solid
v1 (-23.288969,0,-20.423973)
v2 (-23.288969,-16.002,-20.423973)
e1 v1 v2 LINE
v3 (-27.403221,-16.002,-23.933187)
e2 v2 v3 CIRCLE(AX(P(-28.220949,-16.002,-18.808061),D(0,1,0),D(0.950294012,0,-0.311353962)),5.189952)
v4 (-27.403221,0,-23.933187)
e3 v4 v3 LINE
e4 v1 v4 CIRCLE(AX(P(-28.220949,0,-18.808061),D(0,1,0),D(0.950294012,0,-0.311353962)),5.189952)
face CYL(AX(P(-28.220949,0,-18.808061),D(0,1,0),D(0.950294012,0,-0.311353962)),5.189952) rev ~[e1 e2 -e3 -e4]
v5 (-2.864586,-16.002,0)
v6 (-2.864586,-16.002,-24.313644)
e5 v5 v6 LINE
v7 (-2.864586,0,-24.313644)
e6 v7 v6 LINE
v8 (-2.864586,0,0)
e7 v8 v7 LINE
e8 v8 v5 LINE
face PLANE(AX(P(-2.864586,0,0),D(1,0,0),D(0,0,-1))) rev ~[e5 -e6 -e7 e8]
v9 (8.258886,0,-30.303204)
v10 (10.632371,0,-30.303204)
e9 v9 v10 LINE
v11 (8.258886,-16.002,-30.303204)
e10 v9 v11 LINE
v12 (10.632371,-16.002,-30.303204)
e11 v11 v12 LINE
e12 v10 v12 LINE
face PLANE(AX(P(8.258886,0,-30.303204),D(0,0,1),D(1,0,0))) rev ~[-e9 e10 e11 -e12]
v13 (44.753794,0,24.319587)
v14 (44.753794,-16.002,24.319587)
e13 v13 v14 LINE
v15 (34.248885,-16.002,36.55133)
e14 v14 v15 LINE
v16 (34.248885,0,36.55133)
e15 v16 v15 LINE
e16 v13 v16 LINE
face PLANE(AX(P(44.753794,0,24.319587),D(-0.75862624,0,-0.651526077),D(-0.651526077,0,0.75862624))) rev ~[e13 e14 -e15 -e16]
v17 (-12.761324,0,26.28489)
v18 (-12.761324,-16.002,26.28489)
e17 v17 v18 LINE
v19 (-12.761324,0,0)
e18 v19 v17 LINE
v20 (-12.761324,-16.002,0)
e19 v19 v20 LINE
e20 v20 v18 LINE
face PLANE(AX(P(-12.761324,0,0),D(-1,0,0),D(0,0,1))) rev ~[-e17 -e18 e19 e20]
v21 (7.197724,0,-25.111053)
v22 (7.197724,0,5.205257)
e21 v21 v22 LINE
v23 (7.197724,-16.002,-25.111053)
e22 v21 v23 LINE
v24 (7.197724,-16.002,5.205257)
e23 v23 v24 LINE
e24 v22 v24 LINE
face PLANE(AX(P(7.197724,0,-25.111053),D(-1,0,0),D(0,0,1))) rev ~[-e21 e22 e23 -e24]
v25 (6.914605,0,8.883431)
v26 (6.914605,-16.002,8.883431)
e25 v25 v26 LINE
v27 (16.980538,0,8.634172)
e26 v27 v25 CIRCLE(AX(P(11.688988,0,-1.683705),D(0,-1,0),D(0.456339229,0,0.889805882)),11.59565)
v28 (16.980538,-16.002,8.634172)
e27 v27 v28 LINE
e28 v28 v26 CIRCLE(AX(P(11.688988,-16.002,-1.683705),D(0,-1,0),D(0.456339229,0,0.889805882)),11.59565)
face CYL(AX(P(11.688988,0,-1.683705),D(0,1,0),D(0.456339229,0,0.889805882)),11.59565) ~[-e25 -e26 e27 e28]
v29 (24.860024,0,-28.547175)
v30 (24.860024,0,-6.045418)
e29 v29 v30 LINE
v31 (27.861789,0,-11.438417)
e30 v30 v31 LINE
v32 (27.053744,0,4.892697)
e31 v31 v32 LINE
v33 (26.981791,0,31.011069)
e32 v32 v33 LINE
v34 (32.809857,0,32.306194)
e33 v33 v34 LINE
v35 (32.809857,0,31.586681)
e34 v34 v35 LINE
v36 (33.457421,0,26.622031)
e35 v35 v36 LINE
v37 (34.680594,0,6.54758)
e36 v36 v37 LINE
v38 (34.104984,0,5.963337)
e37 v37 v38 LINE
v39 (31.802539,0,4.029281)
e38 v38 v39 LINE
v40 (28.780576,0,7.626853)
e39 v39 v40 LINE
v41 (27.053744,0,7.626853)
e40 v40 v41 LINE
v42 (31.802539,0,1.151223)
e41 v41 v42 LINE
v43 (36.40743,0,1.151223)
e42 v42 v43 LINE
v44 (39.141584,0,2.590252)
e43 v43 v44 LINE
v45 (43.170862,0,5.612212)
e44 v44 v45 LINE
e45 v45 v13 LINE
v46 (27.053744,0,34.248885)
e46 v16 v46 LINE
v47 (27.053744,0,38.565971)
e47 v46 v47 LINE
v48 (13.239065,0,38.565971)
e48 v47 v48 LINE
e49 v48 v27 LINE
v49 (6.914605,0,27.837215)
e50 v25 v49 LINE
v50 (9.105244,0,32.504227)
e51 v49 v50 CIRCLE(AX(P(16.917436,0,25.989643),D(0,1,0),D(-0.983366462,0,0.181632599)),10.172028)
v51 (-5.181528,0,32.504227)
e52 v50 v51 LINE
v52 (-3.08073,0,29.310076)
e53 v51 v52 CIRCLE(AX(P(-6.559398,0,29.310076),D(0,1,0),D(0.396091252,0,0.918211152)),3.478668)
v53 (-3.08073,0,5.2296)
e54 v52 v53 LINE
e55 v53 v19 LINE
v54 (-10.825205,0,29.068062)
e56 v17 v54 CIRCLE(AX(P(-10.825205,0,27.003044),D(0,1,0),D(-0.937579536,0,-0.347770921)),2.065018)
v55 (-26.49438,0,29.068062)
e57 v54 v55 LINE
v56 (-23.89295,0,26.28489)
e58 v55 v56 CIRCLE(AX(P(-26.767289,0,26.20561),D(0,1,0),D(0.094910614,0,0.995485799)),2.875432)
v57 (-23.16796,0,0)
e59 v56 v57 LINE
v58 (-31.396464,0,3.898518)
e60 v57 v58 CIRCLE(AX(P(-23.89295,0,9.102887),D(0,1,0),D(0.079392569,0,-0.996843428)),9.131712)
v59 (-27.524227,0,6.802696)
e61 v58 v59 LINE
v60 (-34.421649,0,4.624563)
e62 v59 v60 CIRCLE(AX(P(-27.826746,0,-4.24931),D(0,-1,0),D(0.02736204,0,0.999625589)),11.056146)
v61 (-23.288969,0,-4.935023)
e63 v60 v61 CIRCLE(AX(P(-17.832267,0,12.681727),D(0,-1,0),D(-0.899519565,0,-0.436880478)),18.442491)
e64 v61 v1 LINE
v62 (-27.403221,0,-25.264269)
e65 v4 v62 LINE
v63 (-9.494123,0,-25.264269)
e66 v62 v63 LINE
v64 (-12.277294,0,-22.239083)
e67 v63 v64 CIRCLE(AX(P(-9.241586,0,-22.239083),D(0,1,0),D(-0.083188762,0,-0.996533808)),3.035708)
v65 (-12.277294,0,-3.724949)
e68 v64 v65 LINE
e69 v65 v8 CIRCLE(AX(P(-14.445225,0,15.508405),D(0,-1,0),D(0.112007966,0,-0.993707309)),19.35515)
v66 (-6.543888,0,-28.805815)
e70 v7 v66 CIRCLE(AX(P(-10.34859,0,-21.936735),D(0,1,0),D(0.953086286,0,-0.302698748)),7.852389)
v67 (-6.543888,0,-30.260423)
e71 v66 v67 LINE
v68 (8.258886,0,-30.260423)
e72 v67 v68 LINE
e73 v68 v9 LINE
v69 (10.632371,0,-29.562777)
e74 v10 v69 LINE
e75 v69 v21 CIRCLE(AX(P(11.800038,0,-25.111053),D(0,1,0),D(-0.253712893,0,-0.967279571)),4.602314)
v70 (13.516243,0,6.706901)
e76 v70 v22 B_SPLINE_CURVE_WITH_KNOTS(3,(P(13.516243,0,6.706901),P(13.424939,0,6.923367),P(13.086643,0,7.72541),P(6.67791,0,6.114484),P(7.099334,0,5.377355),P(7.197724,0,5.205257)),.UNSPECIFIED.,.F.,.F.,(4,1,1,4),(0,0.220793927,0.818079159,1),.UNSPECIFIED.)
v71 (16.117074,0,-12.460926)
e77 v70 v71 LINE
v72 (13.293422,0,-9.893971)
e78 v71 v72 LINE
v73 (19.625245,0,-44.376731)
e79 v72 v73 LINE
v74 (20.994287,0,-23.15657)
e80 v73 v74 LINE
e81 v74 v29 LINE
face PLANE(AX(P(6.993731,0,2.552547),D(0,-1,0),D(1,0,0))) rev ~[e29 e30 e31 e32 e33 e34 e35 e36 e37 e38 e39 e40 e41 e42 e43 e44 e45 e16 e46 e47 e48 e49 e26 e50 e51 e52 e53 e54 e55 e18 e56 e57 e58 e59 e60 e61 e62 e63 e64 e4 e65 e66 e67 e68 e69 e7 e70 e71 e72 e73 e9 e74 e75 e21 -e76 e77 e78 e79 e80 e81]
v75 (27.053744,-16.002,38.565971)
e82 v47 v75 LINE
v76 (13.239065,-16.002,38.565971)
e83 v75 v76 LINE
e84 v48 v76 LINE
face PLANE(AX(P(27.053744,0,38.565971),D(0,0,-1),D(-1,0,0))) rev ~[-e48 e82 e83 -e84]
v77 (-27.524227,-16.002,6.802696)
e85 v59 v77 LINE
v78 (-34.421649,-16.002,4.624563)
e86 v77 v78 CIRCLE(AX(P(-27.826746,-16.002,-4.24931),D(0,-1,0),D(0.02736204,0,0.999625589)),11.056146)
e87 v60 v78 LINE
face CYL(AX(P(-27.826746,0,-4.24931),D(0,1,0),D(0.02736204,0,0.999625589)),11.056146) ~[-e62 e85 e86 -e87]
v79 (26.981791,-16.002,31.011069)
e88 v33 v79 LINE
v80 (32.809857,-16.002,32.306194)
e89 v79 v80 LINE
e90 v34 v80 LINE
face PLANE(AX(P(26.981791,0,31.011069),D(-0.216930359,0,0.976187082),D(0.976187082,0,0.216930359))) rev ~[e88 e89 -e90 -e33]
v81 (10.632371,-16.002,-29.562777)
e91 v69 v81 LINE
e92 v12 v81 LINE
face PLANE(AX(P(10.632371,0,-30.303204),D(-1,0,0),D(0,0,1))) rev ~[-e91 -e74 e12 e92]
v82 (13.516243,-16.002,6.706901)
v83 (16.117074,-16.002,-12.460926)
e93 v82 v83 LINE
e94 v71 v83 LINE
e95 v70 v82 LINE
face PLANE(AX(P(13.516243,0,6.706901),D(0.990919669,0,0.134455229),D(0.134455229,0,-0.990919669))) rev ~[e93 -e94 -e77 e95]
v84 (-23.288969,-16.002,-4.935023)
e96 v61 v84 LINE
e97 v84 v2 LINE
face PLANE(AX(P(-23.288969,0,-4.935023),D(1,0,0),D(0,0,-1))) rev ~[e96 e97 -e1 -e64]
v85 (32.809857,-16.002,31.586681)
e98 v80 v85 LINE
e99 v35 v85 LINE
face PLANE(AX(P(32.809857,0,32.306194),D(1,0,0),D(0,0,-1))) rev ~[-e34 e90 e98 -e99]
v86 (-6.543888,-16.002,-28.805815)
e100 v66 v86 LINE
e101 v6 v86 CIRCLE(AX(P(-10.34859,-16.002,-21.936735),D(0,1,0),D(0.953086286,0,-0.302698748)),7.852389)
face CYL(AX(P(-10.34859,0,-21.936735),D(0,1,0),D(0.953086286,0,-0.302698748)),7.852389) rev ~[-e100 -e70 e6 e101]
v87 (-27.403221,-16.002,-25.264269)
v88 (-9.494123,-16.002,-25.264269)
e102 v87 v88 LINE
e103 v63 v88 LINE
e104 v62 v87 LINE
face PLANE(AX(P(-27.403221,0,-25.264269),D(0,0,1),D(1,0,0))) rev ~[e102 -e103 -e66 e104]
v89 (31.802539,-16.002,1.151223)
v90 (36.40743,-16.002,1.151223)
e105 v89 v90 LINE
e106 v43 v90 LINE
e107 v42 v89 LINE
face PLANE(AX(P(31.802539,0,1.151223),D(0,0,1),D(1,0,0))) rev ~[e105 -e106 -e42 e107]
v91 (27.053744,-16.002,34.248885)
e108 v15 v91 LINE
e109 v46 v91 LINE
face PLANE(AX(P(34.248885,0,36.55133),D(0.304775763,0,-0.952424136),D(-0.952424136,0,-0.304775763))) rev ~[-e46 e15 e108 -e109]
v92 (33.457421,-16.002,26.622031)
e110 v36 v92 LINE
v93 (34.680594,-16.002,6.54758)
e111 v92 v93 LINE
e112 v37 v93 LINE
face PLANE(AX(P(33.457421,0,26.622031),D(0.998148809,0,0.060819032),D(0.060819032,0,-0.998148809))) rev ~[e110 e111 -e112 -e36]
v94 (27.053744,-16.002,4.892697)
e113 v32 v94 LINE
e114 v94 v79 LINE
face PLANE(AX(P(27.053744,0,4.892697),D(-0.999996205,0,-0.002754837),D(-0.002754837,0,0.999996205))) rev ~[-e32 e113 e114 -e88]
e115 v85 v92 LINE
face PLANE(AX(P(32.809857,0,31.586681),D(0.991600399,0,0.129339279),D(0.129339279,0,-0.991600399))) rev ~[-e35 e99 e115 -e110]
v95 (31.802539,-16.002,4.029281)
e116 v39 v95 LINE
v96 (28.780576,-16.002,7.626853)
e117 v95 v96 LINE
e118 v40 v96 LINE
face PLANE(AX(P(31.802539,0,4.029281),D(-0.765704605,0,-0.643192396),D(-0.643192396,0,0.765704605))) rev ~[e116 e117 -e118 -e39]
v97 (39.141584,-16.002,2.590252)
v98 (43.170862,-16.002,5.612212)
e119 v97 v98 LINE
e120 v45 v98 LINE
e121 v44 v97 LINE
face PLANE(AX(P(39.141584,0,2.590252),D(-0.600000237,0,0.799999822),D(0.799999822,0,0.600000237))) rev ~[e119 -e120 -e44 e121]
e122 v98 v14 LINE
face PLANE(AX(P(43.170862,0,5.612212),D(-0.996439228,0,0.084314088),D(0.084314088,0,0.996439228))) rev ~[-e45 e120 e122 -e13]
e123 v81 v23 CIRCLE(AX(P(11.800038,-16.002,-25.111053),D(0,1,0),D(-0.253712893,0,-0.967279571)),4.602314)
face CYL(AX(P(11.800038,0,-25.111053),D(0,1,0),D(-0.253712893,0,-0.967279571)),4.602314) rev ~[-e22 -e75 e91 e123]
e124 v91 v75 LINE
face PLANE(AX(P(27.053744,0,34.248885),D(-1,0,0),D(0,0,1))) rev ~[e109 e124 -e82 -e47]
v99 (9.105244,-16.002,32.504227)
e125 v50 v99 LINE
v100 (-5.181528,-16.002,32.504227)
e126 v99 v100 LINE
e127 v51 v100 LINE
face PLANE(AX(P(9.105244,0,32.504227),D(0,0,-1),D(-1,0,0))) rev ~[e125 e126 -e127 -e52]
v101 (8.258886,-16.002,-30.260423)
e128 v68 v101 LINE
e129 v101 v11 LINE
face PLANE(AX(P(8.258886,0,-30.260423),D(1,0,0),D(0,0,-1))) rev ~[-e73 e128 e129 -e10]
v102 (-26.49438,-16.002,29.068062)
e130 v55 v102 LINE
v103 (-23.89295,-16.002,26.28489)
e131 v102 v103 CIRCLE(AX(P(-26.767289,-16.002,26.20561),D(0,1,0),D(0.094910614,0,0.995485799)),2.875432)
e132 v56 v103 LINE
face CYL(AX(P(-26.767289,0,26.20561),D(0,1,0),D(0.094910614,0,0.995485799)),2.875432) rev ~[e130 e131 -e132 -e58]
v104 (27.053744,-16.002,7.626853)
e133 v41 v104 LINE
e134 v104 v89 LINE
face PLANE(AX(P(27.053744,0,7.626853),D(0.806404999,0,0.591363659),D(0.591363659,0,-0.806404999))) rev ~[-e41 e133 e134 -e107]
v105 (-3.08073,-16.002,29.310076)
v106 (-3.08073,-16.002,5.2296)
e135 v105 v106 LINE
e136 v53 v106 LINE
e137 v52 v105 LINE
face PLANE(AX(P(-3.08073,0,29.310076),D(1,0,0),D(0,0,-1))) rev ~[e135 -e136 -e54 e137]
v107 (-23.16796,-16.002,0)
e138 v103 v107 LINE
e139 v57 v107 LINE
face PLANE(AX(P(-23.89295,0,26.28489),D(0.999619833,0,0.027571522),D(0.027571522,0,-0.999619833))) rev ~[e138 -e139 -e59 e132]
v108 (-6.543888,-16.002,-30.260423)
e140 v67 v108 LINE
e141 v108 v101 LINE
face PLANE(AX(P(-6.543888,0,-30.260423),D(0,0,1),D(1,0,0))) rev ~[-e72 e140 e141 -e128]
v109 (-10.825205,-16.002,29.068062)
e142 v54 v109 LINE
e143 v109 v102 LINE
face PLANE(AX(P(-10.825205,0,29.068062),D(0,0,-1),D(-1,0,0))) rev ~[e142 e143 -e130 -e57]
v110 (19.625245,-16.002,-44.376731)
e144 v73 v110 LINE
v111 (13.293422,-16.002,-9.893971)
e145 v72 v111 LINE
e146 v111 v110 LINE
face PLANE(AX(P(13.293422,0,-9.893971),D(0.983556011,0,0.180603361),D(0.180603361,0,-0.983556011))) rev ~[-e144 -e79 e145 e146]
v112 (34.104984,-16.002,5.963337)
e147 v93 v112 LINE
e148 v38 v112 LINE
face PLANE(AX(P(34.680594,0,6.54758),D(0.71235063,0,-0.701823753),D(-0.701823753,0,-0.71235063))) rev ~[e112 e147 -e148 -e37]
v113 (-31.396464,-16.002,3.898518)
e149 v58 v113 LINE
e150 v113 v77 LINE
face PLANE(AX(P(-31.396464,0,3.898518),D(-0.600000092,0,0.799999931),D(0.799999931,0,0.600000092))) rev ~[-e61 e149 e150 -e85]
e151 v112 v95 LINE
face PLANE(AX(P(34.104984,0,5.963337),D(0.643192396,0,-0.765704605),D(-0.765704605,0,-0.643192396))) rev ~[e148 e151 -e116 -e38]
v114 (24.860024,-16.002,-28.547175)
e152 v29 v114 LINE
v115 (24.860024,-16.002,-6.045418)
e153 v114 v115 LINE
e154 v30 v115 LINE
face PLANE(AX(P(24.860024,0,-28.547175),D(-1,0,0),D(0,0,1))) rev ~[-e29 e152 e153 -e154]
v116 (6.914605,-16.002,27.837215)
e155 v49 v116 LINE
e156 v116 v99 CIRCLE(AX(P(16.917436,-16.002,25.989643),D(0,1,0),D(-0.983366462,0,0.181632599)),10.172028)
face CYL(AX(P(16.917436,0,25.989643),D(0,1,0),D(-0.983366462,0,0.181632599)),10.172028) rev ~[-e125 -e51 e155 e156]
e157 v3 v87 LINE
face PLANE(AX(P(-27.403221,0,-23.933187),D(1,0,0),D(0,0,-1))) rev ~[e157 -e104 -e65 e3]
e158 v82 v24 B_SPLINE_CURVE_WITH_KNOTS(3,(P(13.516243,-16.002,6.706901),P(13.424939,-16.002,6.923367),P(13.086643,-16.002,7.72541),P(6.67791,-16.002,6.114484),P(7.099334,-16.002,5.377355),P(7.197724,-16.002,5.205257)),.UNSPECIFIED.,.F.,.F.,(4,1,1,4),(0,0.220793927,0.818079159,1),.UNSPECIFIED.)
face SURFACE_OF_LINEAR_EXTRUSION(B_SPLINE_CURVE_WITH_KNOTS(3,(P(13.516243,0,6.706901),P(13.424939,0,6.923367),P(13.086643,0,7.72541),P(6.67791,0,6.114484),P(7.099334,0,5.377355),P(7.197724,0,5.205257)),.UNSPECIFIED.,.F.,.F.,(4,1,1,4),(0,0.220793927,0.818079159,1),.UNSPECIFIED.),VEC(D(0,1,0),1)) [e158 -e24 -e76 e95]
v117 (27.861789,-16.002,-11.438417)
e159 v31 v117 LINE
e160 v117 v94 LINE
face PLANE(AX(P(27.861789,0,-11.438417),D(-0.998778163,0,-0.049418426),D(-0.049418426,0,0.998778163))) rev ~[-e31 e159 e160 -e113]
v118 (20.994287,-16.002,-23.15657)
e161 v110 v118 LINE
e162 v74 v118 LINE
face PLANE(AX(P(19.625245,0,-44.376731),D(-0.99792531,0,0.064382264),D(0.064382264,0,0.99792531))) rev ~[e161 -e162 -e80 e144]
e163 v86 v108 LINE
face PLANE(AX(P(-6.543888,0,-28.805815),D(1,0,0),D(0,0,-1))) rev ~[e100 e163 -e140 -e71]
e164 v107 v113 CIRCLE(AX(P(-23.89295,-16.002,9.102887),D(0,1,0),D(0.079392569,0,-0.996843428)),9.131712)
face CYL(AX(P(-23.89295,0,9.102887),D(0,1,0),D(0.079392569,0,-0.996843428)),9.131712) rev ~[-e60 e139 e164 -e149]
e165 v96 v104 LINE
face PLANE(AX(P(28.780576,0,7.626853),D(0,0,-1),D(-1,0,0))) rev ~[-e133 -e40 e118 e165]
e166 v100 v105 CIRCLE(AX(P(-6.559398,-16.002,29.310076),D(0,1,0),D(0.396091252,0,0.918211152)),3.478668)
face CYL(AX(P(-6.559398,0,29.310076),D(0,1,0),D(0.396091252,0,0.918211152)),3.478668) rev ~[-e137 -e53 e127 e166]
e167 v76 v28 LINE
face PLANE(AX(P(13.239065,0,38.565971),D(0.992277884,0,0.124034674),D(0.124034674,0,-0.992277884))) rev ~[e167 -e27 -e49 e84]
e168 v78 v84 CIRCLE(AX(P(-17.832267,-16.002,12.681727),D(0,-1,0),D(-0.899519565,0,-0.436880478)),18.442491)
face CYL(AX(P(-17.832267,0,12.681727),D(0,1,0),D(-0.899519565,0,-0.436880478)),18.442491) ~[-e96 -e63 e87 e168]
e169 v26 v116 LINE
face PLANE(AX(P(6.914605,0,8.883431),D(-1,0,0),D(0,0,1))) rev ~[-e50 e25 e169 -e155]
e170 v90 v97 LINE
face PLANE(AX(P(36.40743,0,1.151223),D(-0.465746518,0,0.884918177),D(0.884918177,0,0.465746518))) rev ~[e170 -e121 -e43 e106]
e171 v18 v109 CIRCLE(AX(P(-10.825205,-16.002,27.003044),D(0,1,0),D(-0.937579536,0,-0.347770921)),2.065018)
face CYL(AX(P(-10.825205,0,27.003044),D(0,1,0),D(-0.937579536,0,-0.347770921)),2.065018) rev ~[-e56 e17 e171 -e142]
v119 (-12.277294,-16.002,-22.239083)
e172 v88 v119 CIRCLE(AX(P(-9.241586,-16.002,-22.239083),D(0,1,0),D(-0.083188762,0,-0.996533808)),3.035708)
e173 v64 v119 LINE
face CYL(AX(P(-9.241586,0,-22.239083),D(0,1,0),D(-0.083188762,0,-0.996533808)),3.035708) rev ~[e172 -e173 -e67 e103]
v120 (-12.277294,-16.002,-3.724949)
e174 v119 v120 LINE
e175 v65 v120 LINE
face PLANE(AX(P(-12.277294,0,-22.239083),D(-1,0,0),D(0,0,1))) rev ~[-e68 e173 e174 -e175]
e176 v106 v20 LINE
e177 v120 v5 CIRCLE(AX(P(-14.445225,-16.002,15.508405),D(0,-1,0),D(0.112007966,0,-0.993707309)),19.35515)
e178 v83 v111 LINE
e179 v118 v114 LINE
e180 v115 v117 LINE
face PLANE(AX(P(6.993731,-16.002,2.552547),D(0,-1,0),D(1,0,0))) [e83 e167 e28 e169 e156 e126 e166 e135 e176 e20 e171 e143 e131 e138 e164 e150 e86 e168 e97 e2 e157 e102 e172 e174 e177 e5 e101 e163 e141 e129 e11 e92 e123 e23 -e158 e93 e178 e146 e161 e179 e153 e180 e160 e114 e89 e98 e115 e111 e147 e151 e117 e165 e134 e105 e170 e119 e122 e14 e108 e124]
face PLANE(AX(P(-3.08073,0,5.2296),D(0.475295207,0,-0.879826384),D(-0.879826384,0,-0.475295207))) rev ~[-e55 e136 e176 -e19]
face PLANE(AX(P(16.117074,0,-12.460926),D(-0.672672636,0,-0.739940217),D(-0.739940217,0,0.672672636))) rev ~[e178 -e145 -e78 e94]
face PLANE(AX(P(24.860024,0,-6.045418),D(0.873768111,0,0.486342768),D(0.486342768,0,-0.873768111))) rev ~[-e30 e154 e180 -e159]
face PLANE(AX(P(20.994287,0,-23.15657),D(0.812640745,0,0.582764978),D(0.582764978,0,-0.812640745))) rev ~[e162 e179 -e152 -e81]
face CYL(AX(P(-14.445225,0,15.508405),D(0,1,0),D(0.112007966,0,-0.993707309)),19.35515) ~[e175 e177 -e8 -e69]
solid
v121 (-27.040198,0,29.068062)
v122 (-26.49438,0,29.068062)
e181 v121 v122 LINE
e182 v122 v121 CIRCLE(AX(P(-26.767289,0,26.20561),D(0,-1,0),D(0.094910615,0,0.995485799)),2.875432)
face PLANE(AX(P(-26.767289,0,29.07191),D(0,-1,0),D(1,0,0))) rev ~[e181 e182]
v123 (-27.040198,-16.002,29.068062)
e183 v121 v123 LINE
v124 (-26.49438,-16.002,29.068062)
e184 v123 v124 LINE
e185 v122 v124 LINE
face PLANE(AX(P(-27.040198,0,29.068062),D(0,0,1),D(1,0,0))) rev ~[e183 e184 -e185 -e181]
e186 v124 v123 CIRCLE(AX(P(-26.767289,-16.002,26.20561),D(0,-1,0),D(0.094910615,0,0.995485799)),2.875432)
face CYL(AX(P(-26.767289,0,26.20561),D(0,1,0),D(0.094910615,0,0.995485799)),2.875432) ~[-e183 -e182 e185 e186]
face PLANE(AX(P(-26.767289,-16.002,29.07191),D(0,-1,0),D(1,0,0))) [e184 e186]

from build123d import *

# Parameters (mm, degrees)
F1_DEPTH = 16.002


with BuildPart() as f1:
    # F0 (on Front) → F1 (new body)
    with BuildSketch(Plane.XZ):
        with BuildLine():
            Line((27.0537436006, 38.5659709574), (13.239065185, 38.5659709574))
            Line((13.239065185, 38.5659709574), (16.9805381445, 8.6341723801))
            ThreePointArc((16.9805381445, 8.6341723801), (11.976038314, 9.9083912486), (6.9146049209, 8.8834306225))
            Line((6.9146049209, 8.8834306225), (6.9146049209, 27.8372149915))
            ThreePointArc((6.9146049209, 27.8372149915), (7.7093409409, 30.3118111922), (9.1052437201, 32.5042270124))
            Line((9.1052437201, 32.5042270124), (-5.1815276965, 32.5042270124))
            ThreePointArc((-5.1815276965, 32.5042270124), (-3.6530011364, 31.2216165027), (-3.0807298608, 29.3100755662))
            Line((-3.0807298608, 29.3100755662), (-3.0807298608, 5.2295997739))
            Line((-3.0807298608, 5.2295997739), (-12.7613237128, 0))
            Line((-12.7613237128, 0), (-12.7613237128, 26.2848902494))
            ThreePointArc((-12.7613237128, 26.2848902494), (-12.5203891975, 28.1823021324), (-10.825204663, 29.0680620819))
            Line((-10.825204663, 29.0680620819), (-26.4943803815, 29.0680620819))
            ThreePointArc((-26.4943803815, 29.0680620819), (-24.6666219188, 28.1691035613), (-23.8929504026, 26.2848902494))
            Line((-23.8929504026, 26.2848902494), (-23.1679603457, 0))
            ThreePointArc((-23.1679603457, 0), (-27.8027720242, 0.8505263045), (-31.3964635134, 3.8985183928))
            Line((-31.3964635134, 3.8985183928), (-27.5242272764, 6.802696269))
            ThreePointArc((-27.5242272764, 6.802696269), (-31.1560989075, 6.2936388165), (-34.4216488302, 4.6245628037))
            ThreePointArc((-34.4216488302, 4.6245628037), (-29.847002669, -1.310113717), (-23.2889689505, -4.9350229092))
            Line((-23.2889689505, -4.9350229092), (-23.2889689505, -20.4239729792))
            ThreePointArc((-23.2889689505, -20.4239729792), (-24.8529476491, -22.7567525796), (-27.4032205343, -23.9331871271))
            Line((-27.4032205343, -23.9331871271), (-27.4032205343, -25.264268741))
            Line((-27.4032205343, -25.264268741), (-9.4941230491, -25.264268741))
            ThreePointArc((-9.4941230491, -25.264268741), (-11.4756575483, -24.2944292872), (-12.2772939503, -22.2390834242))
            Line((-12.2772939503, -22.2390834242), (-12.2772939503, -3.7249489687))
            ThreePointArc((-12.2772939503, -3.7249489687), (-7.3231039856, -2.488739858), (-2.8645857237, 0))
            Line((-2.8645857237, 0), (-2.8645857237, -24.3136435747))
            ThreePointArc((-2.8645857237, -24.3136435747), (-4.2737546698, -26.9123144535), (-6.5438877791, -28.8058146834))
            Line((-6.5438877791, -28.8058146834), (-6.5438877791, -30.2604231983))
            Line((-6.5438877791, -30.2604231983), (8.258885704, -30.2604231983))
            Line((8.258885704, -30.2604231983), (8.258885704, -30.3032044321))
            Line((8.258885704, -30.3032044321), (10.6323713044, -30.3032044321))
            Line((10.6323713044, -30.3032044321), (10.6323713044, -29.5627774231))
            ThreePointArc((10.6323713044, -29.5627774231), (8.1561893699, -27.9223985955), (7.1977237239, -25.111053139))
            Line((7.1977237239, -25.111053139), (7.1977237239, 5.2052573301))
            add(Edge.make_bspline(
                [(13.5162426159, 6.7069013603), (13.4249388226, 6.9233671199), (13.0866426948, 7.7254096812), (6.6779102395, 6.1144842139), (7.0993341098, 5.3773546013), (7.1977237239, 5.2052573301)],
                knots=[0, 0, 0, 0, 0.2207939268, 0.8180791592, 1, 1, 1, 1], degree=3))
            Line((13.5162426159, 6.7069013603), (16.1170735953, -12.4609256162))
            Line((16.1170735953, -12.4609256162), (13.293421827, -9.8939705639))
            Line((13.293421827, -9.8939705639), (19.6252446619, -44.3767309188))
            Line((19.6252446619, -44.3767309188), (20.994286984, -23.1565702706))
            Line((20.994286984, -23.1565702706), (24.860024452, -28.5471752285))
            Line((24.860024452, -28.5471752285), (24.860024452, -6.0454183257))
            Line((24.860024452, -6.0454183257), (27.8617888687, -11.4384172483))
            Line((27.8617888687, -11.4384172483), (27.0537436006, 4.8926970922))
            Line((27.0537436006, 4.8926970922), (26.9817914811, 31.0110691936))
            Line((26.9817914811, 31.0110691936), (32.8098572788, 32.3061943055))
            Line((32.8098572788, 32.3061943055), (32.8098572788, 31.5866805614))
            Line((32.8098572788, 31.5866805614), (33.4574207661, 26.6220308841))
            Line((33.4574207661, 26.6220308841), (34.6805937586, 6.5475800076))
            Line((34.6805937586, 6.5475800076), (34.1049842534, 5.9633367532))
            Line((34.1049842534, 5.9633367532), (31.8025387821, 4.0292809718))
            Line((31.8025387821, 4.0292809718), (28.7805758414, 7.626852952))
            Line((28.7805758414, 7.626852952), (27.0537436006, 7.626852952))
            Line((27.0537436006, 7.626852952), (31.8025387821, 1.151223085))
            Line((31.8025387821, 1.151223085), (36.4074297247, 1.151223085))
            Line((36.4074297247, 1.151223085), (39.1415841875, 2.5902520866))
            Line((39.1415841875, 2.5902520866), (43.1708618996, 5.6122122333))
            Line((43.1708618996, 5.6122122333), (44.7537936268, 24.3195872755))
            Line((44.7537936268, 24.3195872755), (34.2488847671, 36.5513302387))
            Line((34.2488847671, 36.5513302387), (27.0537436006, 34.2488847674))
            Line((27.0537436006, 34.2488847674), (27.0537436006, 38.5659709574))
        make_face()
    extrude(amount=F1_DEPTH)


with BuildPart() as f1b:
    # F0 (on Front) → F1, piece 2 (new body)
    with BuildSketch(Plane.XZ):
        with BuildLine():
            Line((-27.0401984453, 29.0680620819), (-26.4943803815, 29.0680620819))
            ThreePointArc((-26.4943803815, 29.0680620819), (-26.7672894134, 29.0810423617), (-27.0401984453, 29.0680620819))
        make_face()
    extrude(amount=F1_DEPTH)


solid = Compound([f1.part, f1b.part])
